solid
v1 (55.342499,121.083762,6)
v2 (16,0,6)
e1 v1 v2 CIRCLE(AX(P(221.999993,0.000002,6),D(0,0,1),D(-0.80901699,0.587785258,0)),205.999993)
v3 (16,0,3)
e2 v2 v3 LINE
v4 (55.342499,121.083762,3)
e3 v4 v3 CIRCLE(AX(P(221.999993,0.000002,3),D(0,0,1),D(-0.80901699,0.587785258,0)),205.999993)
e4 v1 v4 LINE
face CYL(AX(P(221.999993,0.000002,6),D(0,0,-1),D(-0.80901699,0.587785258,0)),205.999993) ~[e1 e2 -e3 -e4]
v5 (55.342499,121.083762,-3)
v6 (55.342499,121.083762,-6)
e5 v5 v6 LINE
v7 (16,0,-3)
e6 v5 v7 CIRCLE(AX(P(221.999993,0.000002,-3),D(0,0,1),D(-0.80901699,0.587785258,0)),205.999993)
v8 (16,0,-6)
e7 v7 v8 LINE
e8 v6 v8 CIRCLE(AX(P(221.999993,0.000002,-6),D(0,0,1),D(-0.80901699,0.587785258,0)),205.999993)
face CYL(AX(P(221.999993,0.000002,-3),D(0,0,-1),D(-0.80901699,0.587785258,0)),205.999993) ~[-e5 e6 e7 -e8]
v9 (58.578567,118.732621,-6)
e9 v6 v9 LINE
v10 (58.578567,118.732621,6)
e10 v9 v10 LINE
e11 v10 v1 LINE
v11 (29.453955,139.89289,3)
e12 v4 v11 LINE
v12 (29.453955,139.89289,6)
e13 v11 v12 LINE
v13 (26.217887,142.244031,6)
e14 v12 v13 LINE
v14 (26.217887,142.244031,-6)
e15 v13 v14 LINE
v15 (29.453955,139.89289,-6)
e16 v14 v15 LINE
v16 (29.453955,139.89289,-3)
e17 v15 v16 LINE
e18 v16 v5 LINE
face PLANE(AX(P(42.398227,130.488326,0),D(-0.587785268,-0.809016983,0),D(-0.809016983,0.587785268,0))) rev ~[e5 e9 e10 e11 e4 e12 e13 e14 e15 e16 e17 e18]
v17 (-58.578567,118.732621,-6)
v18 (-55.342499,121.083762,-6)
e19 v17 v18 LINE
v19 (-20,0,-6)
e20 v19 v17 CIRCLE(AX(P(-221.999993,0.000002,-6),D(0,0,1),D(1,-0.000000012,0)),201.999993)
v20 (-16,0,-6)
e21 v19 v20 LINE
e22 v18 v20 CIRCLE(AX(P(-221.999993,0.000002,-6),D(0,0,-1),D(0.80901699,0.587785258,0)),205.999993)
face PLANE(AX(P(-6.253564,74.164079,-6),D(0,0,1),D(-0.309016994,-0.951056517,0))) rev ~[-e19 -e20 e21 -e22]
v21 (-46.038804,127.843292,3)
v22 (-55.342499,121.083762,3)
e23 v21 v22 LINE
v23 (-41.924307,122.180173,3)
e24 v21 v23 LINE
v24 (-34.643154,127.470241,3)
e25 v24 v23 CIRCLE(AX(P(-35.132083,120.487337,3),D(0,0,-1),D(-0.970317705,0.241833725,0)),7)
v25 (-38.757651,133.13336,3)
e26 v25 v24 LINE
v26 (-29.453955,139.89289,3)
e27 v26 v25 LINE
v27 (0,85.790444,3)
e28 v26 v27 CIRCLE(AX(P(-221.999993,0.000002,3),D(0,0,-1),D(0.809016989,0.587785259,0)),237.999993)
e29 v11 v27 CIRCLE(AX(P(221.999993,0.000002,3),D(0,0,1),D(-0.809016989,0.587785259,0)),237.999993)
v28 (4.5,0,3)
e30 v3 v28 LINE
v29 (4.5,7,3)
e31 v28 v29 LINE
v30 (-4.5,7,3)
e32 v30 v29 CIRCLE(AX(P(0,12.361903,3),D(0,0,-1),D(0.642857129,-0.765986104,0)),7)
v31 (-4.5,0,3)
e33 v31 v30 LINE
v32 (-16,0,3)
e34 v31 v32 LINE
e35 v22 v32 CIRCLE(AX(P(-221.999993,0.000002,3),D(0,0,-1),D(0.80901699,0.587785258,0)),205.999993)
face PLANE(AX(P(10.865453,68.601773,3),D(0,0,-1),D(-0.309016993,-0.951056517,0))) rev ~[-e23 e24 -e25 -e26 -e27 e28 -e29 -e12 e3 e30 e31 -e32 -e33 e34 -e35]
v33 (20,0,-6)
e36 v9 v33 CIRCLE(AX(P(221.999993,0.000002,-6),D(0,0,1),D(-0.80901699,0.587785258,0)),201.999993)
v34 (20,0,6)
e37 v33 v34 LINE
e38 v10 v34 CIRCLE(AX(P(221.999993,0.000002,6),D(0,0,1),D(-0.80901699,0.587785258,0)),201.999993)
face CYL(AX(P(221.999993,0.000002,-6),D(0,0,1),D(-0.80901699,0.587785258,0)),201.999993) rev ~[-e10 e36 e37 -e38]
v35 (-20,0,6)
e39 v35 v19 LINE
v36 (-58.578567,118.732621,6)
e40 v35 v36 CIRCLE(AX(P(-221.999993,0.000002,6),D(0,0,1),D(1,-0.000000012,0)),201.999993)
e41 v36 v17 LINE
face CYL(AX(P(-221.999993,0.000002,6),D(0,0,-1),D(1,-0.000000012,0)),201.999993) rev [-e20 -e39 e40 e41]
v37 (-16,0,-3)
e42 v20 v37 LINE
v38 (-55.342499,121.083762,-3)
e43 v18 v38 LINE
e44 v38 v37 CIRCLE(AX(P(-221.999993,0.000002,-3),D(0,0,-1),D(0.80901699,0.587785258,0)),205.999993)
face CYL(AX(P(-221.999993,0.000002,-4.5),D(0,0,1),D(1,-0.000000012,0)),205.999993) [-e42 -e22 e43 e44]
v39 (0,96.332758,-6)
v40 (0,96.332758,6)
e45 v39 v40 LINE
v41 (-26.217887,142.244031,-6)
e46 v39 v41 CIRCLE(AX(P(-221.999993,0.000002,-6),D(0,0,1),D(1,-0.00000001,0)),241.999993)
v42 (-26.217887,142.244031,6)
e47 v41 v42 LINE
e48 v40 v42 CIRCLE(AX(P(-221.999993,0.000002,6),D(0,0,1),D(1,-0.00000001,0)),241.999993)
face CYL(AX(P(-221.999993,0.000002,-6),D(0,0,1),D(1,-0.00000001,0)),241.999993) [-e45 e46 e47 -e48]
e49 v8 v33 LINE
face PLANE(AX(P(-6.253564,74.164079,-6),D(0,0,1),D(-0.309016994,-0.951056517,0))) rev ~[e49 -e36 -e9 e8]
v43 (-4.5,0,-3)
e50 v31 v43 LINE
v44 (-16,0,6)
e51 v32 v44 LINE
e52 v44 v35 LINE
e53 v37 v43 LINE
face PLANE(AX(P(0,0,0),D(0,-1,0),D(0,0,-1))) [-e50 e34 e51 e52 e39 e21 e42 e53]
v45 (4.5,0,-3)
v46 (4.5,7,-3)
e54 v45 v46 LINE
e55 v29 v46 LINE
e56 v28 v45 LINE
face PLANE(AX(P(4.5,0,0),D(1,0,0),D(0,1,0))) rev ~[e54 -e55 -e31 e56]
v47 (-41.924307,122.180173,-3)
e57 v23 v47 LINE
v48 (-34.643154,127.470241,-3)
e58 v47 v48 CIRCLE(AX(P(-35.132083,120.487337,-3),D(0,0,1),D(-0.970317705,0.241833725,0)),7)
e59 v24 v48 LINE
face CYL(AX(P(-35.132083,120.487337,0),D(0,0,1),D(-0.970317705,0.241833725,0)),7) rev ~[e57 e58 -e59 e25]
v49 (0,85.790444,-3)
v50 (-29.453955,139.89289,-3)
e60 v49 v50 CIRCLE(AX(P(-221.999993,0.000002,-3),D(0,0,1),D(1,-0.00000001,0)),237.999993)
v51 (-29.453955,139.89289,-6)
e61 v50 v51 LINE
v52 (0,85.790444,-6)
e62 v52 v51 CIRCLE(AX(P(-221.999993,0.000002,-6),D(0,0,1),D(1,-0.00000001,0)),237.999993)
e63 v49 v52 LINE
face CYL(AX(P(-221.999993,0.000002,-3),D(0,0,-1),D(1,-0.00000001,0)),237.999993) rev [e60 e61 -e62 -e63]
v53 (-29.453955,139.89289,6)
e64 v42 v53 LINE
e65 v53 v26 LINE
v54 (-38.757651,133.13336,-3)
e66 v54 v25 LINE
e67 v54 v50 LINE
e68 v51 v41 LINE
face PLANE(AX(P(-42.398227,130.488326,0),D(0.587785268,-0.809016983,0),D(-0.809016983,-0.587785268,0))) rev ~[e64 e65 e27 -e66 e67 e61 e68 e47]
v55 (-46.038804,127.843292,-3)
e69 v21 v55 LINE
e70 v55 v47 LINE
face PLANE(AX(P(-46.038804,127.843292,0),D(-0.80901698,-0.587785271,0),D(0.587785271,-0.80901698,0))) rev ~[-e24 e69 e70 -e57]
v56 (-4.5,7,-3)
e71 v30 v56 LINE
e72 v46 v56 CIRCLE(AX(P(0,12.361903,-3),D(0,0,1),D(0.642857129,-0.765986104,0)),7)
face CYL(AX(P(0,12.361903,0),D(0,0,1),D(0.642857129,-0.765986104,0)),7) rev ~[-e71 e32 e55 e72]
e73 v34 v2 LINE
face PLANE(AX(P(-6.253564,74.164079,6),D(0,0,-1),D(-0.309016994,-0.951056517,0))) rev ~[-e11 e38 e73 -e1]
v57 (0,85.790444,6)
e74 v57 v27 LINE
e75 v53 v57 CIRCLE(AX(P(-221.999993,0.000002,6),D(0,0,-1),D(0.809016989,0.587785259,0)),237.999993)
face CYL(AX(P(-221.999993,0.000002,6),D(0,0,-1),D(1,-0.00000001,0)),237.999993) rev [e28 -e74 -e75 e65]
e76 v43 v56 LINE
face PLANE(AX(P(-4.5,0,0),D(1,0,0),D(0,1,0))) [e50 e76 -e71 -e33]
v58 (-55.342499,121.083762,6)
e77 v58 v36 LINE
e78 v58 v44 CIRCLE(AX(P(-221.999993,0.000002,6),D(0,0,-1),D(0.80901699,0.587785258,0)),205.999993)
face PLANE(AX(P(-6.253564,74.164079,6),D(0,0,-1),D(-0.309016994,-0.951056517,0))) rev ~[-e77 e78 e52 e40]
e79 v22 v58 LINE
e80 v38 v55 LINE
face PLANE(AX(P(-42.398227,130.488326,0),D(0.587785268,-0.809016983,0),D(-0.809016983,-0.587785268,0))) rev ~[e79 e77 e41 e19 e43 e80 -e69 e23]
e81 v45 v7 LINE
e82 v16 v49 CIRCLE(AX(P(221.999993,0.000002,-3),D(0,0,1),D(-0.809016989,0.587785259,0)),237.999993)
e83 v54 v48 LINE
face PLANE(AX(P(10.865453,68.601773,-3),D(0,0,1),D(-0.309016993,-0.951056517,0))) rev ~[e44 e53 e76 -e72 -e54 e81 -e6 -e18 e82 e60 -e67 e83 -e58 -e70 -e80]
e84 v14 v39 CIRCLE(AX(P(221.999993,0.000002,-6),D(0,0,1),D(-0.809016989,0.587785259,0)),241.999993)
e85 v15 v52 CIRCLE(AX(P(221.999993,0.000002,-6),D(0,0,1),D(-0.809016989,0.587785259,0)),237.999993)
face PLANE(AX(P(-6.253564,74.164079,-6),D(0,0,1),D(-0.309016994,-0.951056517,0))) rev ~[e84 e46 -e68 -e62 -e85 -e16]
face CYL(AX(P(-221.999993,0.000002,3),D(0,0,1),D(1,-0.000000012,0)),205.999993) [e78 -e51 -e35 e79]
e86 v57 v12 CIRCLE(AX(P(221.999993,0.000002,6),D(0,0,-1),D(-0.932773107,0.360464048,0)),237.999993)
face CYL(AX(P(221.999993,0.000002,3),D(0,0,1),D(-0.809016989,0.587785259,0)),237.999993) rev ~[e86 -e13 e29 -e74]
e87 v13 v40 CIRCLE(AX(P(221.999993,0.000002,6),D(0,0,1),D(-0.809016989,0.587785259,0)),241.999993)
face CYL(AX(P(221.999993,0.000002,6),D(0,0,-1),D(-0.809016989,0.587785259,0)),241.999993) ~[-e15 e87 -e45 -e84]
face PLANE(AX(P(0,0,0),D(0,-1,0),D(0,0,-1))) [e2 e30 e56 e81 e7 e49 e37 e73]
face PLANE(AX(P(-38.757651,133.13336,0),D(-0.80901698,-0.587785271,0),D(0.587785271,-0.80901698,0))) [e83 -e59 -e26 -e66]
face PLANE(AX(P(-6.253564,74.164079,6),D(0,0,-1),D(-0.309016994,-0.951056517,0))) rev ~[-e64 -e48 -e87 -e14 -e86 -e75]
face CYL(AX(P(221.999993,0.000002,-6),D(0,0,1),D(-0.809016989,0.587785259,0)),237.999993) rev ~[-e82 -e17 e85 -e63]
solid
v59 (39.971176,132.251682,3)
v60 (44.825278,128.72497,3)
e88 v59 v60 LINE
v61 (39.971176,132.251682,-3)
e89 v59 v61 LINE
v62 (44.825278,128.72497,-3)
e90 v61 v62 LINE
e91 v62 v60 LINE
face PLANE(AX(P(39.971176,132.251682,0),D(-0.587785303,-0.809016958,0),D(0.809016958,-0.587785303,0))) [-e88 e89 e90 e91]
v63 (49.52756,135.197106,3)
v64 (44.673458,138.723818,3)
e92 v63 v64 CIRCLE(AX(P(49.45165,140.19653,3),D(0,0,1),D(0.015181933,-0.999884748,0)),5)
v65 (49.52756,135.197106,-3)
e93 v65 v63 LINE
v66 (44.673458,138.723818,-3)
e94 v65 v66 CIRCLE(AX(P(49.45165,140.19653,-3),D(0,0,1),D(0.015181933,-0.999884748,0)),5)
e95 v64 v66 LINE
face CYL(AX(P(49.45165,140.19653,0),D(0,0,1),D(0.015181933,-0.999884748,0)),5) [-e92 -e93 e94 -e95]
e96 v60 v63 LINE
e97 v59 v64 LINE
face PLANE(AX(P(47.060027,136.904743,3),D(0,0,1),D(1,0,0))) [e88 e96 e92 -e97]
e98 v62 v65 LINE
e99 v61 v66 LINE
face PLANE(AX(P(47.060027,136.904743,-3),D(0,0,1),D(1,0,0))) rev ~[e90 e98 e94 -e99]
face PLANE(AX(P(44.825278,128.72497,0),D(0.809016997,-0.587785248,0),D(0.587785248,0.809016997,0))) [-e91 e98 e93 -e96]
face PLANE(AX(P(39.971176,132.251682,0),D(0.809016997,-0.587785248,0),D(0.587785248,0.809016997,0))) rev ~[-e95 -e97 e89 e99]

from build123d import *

# Parameters (mm, degrees)
SKETCH013_W          = 32
SKETCH013_H          = 3
POCKET_DEPTH         = 6.001
POCKET_DEPTH_BACK    = -6.001
POCKET001_DEPTH      = 6.001
POCKET001_DEPTH_BACK = -6.001
PAD001_DEPTH         = 3


with BuildPart() as main:
    # AdditivePipe: sweep along a path in Sketch
    with BuildLine(Plane.XY) as additivepipe_path:
        ThreePointArc((0, 0), (-10.865453, 68.601773), (-42.398227, 130.488326))
    # Sketch002 → AdditivePipe (sweep)
    with BuildSketch(Plane.XZ):
        Polygon((-20, 6), (-20, -6), (-16, -6), (-16, -3), (-9, -3), (9, -3), (16, -3), (16, -6), (20, -6), (20, 6), (16, 6), (16, 3), (9, 3), (-9, 3), (-16, 3), (-16, 6), align=None)
    sweep(path=additivepipe_path.line)

    # AdditivePipe001: sweep along a path in Sketch001
    with BuildLine(Plane.XY) as additivepipe001_path:
        ThreePointArc((42.398227, 130.488326), (10.865453, 68.601773), (0, 0))
    # Sketch002 → AdditivePipe001 (sweep)
    with BuildSketch(Plane.XZ):
        Polygon((-20, 6), (-20, -6), (-16, -6), (-16, -3), (-9, -3), (9, -3), (16, -3), (16, -6), (20, -6), (20, 6), (16, 6), (16, 3), (9, 3), (-9, 3), (-16, 3), (-16, 6), align=None)
    sweep(path=additivepipe001_path.line)

    # SubtractivePipe: sweep along a path in Sketch
    with BuildLine(Plane.XY) as subtractivepipe_path:
        ThreePointArc((0, 0), (-10.865453, 68.601773), (-42.398227, 130.488326))
    # Sketch013 (on Face1 of AdditivePipe001) → SubtractivePipe (sweep, cut)
    with BuildSketch(Plane.XZ):
        with Locations((0, 4.5)):
            Rectangle(SKETCH013_W, SKETCH013_H)
    subtractivepipe = sweep(path=subtractivepipe_path.line, mode=Mode.SUBTRACT)

    # SubtractivePipe001: sweep along a path in Sketch001
    with BuildLine(Plane.XY) as subtractivepipe001_path:
        ThreePointArc((42.398227, 130.488326), (10.865453, 68.601773), (0, 0))
    # Sketch013 (on Face1 of AdditivePipe001) → SubtractivePipe001 (sweep, cut)
    with BuildSketch(Plane.XZ):
        with Locations((0, 4.5)):
            Rectangle(SKETCH013_W, SKETCH013_H)
    subtractivepipe001 = sweep(path=subtractivepipe001_path.line, mode=Mode.SUBTRACT)

    # Mirrored: SubtractivePipe across XY
    add(subtractivepipe.mirror(Plane.XY), mode=Mode.SUBTRACT)

    # Mirrored001: SubtractivePipe001 across XY
    add(subtractivepipe001.mirror(Plane.XY), mode=Mode.SUBTRACT)

    # Sketch007 → Pocket (cut, two sides)
    with BuildSketch(Plane.XY) as pocket_sk:
        with BuildLine():
            Line((-4.5, 0), (4.5, 0))
            Line((4.5, 0), (4.5, 7))
            ThreePointArc((4.5, 7), (0, 19.361903), (-4.5, 7))
            Line((-4.5, 0), (-4.5, 7))
        make_face()
    extrude(amount=-POCKET_DEPTH, mode=Mode.SUBTRACT)
    extrude(pocket_sk.sketch, amount=-POCKET_DEPTH_BACK, mode=Mode.SUBTRACT)

    # Sketch008 → Pocket001 (cut, two sides)
    with BuildSketch(Plane.XY) as pocket001_sk:
        with BuildLine():
            Line((-46.038804, 127.843292), (-38.757651, 133.13336))
            Line((-38.757651, 133.13336), (-34.643154, 127.470241))
            ThreePointArc((-41.924307, 122.180173), (-31.017586, 114.824218), (-34.643154, 127.470241))
            Line((-46.038804, 127.843292), (-41.924307, 122.180173))
        make_face()
    extrude(amount=-POCKET001_DEPTH, mode=Mode.SUBTRACT)
    extrude(pocket001_sk.sketch, amount=-POCKET001_DEPTH_BACK, mode=Mode.SUBTRACT)


with BuildPart() as male3:
    # Sketch011 → Pad001 (new body, symmetric)
    with BuildSketch(Plane.XY):
        with BuildLine():
            Line((39.971176, 132.251682), (44.825278, 128.72497))
            Line((44.825278, 128.72497), (49.52756, 135.197106))
            ThreePointArc((49.52756, 135.197106), (52.390577, 144.241615), (44.673458, 138.723818))
            Line((39.971176, 132.251682), (44.673458, 138.723818))
        make_face()
    extrude(amount=PAD001_DEPTH, both=True)


solid = Compound([main.part, male3.part])
